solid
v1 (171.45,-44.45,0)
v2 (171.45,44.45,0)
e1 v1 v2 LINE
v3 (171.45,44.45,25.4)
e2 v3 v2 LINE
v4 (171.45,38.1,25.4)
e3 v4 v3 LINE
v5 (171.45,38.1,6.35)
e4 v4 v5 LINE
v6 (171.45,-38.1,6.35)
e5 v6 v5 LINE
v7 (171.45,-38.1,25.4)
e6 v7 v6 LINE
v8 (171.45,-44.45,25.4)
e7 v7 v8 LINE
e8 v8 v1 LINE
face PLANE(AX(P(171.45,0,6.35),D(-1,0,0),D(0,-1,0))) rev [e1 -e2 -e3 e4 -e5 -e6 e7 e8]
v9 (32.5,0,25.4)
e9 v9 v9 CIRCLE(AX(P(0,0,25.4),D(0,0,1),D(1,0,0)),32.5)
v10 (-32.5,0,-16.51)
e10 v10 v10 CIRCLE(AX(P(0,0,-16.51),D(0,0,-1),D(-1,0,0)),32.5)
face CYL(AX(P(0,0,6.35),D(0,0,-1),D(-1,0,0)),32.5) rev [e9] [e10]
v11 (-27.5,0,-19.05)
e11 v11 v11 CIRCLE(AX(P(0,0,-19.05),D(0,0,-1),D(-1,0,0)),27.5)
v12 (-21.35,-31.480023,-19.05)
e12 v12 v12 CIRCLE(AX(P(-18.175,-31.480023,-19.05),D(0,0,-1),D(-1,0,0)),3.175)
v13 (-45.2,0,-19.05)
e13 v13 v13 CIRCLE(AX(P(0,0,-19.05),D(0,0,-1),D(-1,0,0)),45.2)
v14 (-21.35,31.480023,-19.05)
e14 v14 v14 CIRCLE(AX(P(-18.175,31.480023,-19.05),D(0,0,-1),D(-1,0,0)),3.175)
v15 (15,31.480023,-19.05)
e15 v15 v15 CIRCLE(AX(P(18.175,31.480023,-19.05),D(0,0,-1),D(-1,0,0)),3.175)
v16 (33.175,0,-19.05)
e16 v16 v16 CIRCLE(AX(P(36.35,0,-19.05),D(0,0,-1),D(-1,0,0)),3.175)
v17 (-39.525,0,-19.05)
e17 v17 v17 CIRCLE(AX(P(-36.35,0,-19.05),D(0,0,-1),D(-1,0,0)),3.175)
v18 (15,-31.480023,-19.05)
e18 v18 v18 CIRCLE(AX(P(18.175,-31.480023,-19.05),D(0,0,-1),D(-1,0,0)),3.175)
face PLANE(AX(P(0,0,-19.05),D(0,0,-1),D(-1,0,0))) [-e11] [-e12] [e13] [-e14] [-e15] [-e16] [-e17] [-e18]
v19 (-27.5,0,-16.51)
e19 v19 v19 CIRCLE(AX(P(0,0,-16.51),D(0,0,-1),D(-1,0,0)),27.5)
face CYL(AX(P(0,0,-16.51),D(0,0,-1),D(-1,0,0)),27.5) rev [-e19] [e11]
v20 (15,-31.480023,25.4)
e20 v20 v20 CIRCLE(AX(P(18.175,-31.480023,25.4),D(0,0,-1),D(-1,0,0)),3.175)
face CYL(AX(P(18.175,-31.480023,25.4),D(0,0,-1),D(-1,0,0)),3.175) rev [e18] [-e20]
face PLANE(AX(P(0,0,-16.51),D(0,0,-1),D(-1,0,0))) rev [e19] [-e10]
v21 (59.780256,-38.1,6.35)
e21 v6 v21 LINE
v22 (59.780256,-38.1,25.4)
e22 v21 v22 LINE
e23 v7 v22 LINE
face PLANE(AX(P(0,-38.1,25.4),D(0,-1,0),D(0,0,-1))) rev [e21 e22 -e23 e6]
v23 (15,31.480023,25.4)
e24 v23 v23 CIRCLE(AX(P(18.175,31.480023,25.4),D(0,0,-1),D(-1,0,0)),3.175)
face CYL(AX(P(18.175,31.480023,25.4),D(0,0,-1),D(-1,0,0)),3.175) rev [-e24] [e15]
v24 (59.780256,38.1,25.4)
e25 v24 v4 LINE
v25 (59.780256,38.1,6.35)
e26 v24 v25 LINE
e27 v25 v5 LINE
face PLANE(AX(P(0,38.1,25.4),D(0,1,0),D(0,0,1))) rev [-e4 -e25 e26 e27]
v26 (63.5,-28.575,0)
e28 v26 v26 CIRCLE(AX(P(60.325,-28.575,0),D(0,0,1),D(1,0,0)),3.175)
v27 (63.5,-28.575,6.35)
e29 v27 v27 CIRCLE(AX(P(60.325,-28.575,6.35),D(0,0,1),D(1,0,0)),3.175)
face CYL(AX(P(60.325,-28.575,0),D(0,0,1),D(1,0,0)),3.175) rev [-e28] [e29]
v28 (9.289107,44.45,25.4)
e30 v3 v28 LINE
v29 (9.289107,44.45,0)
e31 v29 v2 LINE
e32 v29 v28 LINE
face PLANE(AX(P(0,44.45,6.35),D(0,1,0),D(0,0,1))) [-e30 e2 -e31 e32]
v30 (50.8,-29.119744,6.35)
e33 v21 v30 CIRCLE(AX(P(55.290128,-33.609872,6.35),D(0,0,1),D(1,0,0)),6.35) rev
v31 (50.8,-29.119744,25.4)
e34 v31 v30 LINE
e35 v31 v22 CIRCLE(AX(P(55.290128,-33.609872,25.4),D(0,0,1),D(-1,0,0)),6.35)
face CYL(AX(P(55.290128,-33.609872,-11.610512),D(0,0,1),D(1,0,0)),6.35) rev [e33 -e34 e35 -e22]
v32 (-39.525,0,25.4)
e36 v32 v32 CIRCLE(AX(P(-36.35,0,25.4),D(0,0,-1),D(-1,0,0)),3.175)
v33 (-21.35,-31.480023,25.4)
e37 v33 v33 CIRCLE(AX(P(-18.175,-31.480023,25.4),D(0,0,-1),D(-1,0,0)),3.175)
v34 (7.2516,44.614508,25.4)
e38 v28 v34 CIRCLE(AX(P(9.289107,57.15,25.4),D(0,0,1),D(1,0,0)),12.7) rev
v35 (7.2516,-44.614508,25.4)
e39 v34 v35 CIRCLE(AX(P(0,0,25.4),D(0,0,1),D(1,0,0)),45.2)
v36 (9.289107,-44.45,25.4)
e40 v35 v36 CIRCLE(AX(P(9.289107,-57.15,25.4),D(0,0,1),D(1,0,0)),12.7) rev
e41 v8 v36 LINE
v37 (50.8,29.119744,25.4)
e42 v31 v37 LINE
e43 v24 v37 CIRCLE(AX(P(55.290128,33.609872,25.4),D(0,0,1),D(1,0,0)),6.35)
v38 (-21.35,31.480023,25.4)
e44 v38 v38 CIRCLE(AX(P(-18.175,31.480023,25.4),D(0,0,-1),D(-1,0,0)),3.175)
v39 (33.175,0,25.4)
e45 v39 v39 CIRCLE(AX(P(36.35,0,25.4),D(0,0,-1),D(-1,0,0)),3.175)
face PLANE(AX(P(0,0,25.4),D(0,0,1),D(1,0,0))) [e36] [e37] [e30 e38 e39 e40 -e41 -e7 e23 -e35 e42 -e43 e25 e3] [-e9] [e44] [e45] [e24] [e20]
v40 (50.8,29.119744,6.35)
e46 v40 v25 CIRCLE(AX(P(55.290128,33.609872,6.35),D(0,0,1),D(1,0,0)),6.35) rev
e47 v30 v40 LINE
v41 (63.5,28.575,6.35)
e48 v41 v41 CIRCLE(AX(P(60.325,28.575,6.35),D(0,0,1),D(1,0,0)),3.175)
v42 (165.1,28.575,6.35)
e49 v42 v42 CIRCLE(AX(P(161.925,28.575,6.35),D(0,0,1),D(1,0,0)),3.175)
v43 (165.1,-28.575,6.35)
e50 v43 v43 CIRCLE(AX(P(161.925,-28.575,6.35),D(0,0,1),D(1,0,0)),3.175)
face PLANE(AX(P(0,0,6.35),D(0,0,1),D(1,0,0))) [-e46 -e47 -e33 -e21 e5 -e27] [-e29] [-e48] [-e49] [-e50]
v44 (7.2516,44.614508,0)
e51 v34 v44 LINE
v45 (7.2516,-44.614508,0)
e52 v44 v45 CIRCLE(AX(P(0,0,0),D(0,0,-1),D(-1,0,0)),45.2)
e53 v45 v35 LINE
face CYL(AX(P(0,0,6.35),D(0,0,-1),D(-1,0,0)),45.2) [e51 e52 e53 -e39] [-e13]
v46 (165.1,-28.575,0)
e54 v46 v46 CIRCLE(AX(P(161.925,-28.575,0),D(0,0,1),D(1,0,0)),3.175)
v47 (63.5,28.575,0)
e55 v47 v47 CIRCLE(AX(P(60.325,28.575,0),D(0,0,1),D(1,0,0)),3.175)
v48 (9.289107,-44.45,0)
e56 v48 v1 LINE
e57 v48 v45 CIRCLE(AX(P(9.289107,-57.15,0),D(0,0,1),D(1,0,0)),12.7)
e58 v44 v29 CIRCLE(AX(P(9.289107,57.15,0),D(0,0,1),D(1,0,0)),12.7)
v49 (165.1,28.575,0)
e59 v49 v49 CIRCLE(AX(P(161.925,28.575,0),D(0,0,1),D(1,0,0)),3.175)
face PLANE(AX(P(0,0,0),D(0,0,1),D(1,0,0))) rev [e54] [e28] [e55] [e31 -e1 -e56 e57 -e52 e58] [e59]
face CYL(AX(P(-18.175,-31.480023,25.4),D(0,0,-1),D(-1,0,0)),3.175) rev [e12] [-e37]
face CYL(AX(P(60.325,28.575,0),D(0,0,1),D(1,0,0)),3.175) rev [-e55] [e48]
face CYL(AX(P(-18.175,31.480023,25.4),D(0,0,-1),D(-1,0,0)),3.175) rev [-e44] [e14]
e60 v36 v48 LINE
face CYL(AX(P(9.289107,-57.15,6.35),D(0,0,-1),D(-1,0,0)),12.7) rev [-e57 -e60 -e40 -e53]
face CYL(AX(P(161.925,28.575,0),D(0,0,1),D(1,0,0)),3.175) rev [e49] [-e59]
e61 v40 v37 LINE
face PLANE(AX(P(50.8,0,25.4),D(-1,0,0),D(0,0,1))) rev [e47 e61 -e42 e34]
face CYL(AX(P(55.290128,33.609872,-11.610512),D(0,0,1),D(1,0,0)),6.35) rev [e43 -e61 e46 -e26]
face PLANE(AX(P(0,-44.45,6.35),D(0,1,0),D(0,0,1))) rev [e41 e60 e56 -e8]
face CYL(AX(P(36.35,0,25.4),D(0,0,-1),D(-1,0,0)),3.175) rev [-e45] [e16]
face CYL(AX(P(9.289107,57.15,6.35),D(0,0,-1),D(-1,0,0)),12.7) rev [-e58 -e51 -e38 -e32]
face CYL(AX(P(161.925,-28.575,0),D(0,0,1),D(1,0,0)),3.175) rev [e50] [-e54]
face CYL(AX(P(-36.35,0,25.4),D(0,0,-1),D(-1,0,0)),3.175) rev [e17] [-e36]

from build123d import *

# Parameters (mm, degrees)
SKETCH1_R               = 32.5
SKETCH1_W               = 120.65
SKETCH1_H               = 76.2
BOSS_EXTRUDE2_DEPTH     = 6.35
BOSS_EXTRUDE3_START     = 6.35
SKETCH1_3_R             = 32.5
BOSS_EXTRUDE3_DEPTH     = 19.05
SKETCH2_R               = 3.175
CUT_EXTRUDE1_DEPTH      = 20.05
CUT_EXTRUDE1_DEPTH_BACK = 7.35
SKETCH3_R               = 6.35
CUT_EXTRUDE2_DEPTH      = 19.05
FILLET1_R               = 12.7
SKETCH5_R               = 32.5
BOSS_EXTRUDE6_DEPTH     = 19.05
SKETCH6_R               = 32.5
SKETCH6_R_2             = 27.5
BOSS_EXTRUDE7_DEPTH     = 2.54
SKETCH9_R               = 3.175
CUT_EXTRUDE3_DEPTH      = 1
CUT_EXTRUDE3_DEPTH_BACK = 45.45


with BuildPart() as part:
    # Sketch1 → Boss-Extrude2 (new body)
    with BuildSketch(Plane.XY):
        with BuildLine():
            Line((8.199848, 44.45), (171.45, 44.45))
            Line((171.45, 44.45), (171.45, 38.1))
            Line((171.45, 38.1), (50.8, 38.1))
            Line((50.8, 38.1), (50.8, -38.1))
            Line((50.8, -38.1), (171.45, -38.1))
            Line((171.45, -38.1), (171.45, -44.45))
            Line((171.45, -44.45), (8.199848, -44.45))
            ThreePointArc((8.199848, -44.45), (-45.2, 0), (8.199848, 44.45))
        make_face()
        Circle(SKETCH1_R, mode=Mode.SUBTRACT)
        with Locations((111.125, 0)):
            Rectangle(SKETCH1_W, SKETCH1_H)
    extrude(amount=BOSS_EXTRUDE2_DEPTH)

    # Sketch1<3> → Boss-Extrude3 (add)
    with BuildSketch(Plane.XY.offset(BOSS_EXTRUDE3_START)):
        with BuildLine():
            Line((8.199848, 44.45), (171.45, 44.45))
            Line((171.45, 44.45), (171.45, 38.1))
            Line((171.45, 38.1), (50.8, 38.1))
            Line((50.8, 38.1), (50.8, -38.1))
            Line((50.8, -38.1), (171.45, -38.1))
            Line((171.45, -38.1), (171.45, -44.45))
            Line((171.45, -44.45), (8.199848, -44.45))
            ThreePointArc((8.199848, -44.45), (-45.2, 0), (8.199848, 44.45))
        make_face()
        Circle(SKETCH1_3_R, mode=Mode.SUBTRACT)
    extrude(amount=BOSS_EXTRUDE3_DEPTH)

    # Sketch2 → Cut-Extrude1 (cut, two sides)
    with BuildSketch(Plane.XY.offset(6.35)) as cut_extrude1_sk:
        with Locations((60.325, 28.575)):
            Circle(SKETCH2_R)
        with Locations((161.925, 28.575)):
            Circle(SKETCH2_R)
        with Locations((161.925, -28.575)):
            Circle(SKETCH2_R)
        with Locations((60.325, -28.575)):
            Circle(SKETCH2_R)
    extrude(amount=CUT_EXTRUDE1_DEPTH, mode=Mode.SUBTRACT)
    extrude(cut_extrude1_sk.sketch, amount=-CUT_EXTRUDE1_DEPTH_BACK, mode=Mode.SUBTRACT)

    # Sketch3 → Cut-Extrude2 (cut)
    with BuildSketch(Plane.XY.offset(25.4)):
        with Locations((55.290128, 33.609872)):
            Circle(SKETCH3_R)
        with Locations((55.290128, -33.609872)):
            Circle(SKETCH3_R)
    extrude(amount=-CUT_EXTRUDE2_DEPTH, mode=Mode.SUBTRACT)

    # Fillet1
    fillet1_edges = [part.edges().sort_by_distance(p)[0] for p in [
        (8.199848, -44.45, 12.7),
        (8.199848, 44.45, 12.7),
    ]]
    fillet(fillet1_edges, radius=FILLET1_R)

    # Sketch5 → Boss-Extrude6 (add)
    with BuildSketch(Plane(origin=(0, 0, 0), x_dir=(-1, 0, 0), z_dir=(0, 0, -1))):
        with BuildLine():
            ThreePointArc((-7.2516, -44.614508), (45.2, 0), (-7.2516, 44.614508))
            ThreePointArc((-7.2516, 44.614508), (-45.2, 0), (-7.2516, -44.614508))
        make_face()
        Circle(SKETCH5_R, mode=Mode.SUBTRACT)
    extrude(amount=BOSS_EXTRUDE6_DEPTH)

    # Sketch6 → Boss-Extrude7 (add)
    with BuildSketch(Plane(origin=(0, 0, -19.05), x_dir=(-1, 0, 0), z_dir=(0, 0, -1))):
        Circle(SKETCH6_R)
        Circle(SKETCH6_R_2, mode=Mode.SUBTRACT)
    extrude(amount=-BOSS_EXTRUDE7_DEPTH)

    # Sketch9 → Cut-Extrude3 (cut, two sides)
    with BuildSketch(Plane(origin=(0, 0, -19.05), x_dir=(-1, 0, 0), z_dir=(0, 0, -1))) as cut_extrude3_sk:
        with Locations((36.35, 0)):
            Circle(SKETCH9_R)
        with Locations((18.175, -31.480023)):
            Circle(SKETCH9_R)
        with Locations((-18.175, -31.480023)):
            Circle(SKETCH9_R)
        with Locations((-36.35, 0)):
            Circle(SKETCH9_R)
        with Locations((-18.175, 31.480023)):
            Circle(SKETCH9_R)
        with Locations((18.175, 31.480023)):
            Circle(SKETCH9_R)
    extrude(amount=CUT_EXTRUDE3_DEPTH, mode=Mode.SUBTRACT)
    extrude(cut_extrude3_sk.sketch, amount=-CUT_EXTRUDE3_DEPTH_BACK, mode=Mode.SUBTRACT)


solid = part.part
